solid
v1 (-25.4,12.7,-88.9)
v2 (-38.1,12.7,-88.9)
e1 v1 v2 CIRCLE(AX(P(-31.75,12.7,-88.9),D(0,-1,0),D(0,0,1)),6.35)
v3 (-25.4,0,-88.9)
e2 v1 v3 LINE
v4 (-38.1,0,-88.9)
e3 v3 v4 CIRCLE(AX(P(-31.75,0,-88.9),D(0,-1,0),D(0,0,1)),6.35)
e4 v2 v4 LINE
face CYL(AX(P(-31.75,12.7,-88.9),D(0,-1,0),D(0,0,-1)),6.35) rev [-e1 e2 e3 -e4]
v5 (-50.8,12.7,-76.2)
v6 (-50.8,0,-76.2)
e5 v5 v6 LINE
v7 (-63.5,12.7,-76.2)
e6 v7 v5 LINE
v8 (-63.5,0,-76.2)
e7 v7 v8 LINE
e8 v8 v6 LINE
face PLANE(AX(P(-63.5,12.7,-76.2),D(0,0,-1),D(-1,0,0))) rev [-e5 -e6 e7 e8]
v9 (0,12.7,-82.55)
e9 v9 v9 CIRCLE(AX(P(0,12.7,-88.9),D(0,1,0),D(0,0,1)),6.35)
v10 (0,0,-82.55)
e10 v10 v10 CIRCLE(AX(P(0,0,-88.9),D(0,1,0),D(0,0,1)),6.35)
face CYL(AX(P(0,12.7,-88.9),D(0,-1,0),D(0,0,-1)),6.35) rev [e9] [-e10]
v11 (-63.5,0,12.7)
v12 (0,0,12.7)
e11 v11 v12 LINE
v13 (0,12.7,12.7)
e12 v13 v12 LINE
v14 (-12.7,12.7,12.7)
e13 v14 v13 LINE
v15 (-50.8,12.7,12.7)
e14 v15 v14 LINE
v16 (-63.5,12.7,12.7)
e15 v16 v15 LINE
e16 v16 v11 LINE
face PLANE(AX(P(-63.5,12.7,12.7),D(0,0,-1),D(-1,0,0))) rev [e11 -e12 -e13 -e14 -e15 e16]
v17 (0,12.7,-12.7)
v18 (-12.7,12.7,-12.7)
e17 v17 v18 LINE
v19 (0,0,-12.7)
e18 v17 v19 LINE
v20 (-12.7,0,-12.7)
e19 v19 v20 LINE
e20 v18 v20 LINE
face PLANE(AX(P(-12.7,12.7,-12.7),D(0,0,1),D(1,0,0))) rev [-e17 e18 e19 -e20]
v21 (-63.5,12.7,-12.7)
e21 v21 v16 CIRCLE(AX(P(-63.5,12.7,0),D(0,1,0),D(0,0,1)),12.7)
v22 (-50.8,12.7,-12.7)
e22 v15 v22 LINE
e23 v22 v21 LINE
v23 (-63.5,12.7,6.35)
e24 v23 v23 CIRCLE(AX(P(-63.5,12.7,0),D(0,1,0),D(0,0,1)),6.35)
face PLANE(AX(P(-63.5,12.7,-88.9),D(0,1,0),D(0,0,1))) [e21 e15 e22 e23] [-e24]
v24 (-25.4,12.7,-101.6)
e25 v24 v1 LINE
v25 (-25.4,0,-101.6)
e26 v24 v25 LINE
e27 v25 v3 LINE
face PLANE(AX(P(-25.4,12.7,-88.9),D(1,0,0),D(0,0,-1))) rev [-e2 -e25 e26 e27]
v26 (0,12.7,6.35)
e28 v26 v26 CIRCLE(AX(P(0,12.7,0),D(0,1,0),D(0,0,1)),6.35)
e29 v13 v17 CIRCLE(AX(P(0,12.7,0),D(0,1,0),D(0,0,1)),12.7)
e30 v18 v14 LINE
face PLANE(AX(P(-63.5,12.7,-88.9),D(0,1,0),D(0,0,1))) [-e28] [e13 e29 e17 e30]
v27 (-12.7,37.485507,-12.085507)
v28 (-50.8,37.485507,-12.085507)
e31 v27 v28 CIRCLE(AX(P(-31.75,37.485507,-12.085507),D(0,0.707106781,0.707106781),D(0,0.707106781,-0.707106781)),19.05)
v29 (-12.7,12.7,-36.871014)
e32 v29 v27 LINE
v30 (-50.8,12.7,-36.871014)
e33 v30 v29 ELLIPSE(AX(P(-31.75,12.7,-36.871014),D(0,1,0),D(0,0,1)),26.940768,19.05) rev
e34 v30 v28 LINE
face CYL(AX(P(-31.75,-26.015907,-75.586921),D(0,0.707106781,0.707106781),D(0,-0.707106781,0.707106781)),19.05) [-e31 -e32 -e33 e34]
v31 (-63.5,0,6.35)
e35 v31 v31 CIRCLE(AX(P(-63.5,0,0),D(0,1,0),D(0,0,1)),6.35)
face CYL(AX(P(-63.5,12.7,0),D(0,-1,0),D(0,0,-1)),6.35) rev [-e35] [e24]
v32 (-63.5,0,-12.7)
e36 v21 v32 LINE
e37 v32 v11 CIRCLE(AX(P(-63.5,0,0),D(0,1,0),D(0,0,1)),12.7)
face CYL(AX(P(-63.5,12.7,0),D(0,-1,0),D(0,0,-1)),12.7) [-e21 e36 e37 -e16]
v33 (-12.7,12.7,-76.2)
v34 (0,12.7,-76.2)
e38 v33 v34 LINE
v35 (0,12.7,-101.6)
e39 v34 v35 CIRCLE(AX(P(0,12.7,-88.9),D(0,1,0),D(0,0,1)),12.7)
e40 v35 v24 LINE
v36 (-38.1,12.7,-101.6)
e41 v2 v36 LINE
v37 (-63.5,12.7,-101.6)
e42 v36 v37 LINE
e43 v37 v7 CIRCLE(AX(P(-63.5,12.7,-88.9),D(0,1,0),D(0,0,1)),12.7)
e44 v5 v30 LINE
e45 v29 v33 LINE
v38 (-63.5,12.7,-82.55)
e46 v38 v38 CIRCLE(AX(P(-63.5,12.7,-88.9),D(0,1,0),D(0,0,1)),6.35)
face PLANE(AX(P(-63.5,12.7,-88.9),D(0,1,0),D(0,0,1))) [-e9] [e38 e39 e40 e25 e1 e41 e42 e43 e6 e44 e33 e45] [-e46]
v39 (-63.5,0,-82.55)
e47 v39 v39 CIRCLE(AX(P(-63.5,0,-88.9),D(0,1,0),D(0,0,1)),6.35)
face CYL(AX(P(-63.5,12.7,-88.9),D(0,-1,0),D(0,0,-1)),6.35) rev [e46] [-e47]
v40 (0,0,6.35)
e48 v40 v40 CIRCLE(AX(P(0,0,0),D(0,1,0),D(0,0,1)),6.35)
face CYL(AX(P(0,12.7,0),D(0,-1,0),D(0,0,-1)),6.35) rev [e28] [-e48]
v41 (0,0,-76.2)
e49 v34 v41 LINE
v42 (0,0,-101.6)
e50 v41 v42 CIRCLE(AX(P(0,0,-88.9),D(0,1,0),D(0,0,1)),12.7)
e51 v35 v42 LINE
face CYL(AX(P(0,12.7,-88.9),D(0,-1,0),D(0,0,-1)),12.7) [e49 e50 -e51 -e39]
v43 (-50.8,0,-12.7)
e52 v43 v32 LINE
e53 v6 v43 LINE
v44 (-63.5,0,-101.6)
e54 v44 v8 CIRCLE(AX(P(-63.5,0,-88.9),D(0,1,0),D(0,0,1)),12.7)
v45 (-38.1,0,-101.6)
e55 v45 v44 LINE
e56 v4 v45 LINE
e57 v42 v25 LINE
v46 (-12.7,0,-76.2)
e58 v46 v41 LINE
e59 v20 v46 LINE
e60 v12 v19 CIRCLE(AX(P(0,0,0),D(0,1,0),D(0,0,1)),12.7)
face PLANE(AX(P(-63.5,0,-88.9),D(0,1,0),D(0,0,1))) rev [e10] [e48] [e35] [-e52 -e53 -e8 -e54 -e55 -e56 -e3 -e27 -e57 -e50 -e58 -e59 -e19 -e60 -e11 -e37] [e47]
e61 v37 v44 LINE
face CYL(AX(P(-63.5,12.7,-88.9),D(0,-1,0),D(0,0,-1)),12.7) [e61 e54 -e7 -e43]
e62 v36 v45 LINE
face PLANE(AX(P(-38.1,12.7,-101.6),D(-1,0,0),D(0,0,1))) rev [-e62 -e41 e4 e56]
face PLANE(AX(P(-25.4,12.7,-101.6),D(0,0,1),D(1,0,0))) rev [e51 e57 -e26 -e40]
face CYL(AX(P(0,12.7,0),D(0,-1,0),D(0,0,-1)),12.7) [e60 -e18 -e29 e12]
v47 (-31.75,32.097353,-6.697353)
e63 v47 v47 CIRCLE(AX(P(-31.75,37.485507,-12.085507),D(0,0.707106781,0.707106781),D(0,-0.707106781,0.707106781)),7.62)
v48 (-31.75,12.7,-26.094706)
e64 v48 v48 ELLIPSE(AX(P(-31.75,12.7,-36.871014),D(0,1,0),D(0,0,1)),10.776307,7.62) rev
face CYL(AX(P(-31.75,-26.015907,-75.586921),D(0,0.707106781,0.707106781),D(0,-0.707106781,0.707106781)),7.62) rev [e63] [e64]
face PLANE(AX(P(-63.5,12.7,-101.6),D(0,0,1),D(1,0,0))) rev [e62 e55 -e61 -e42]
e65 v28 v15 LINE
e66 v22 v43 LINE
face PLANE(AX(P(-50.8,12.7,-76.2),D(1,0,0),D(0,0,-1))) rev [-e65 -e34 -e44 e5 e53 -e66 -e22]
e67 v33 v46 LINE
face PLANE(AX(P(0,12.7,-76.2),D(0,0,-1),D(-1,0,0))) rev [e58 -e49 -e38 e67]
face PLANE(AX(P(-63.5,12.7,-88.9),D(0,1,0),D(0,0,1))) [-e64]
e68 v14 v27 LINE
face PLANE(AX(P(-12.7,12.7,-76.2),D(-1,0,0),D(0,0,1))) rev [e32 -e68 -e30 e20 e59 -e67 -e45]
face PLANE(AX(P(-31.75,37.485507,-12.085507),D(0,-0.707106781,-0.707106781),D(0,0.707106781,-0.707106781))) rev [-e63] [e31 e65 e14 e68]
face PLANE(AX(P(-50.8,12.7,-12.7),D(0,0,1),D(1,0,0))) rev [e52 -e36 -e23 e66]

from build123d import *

# Parameters (mm, degrees)
SKETCH2_R           = 6.35
BOSS_EXTRUDE1_DEPTH = 12.7
BOSS_EXTRUDE2_REACH = 91.803
SKETCH4_R           = 7.62


with BuildPart() as part:
    # Sketch2 → Boss-Extrude1 (new body)
    with BuildSketch(Plane(origin=(0, 0, 0), x_dir=(1, 0, 0), z_dir=(0, 1, 0))):
        with BuildLine():
            Line((-63.5, 101.6), (-38.1, 101.6))
            Line((-38.1, 101.6), (-38.1, 88.9))
            ThreePointArc((-38.1, 88.9), (-31.75, 82.55), (-25.4, 88.9))
            Line((-25.4, 88.9), (-25.4, 101.6))
            Line((-25.4, 101.6), (0, 101.6))
            ThreePointArc((0, 101.6), (12.7, 88.9), (0, 76.2))
            Line((0, 76.2), (-12.7, 76.2))
            Line((-12.7, 76.2), (-12.7, 12.7))
            Line((-12.7, 12.7), (0, 12.7))
            ThreePointArc((0, 12.7), (12.7, 0), (0, -12.7))
            Line((0, -12.7), (-63.5, -12.7))
            ThreePointArc((-63.5, -12.7), (-76.2, 0), (-63.5, 12.7))
            Line((-63.5, 12.7), (-50.8, 12.7))
            Line((-50.8, 12.7), (-50.8, 76.2))
            Line((-50.8, 76.2), (-63.5, 76.2))
            ThreePointArc((-63.5, 76.2), (-76.2, 88.9), (-63.5, 101.6))
        make_face()
        Circle(SKETCH2_R, mode=Mode.SUBTRACT)
        with Locations((0, 88.9)):
            Circle(SKETCH2_R, mode=Mode.SUBTRACT)
        with Locations((-63.5, 0)):
            Circle(SKETCH2_R, mode=Mode.SUBTRACT)
        with Locations((-63.5, 88.9)):
            Circle(SKETCH2_R, mode=Mode.SUBTRACT)
    extrude(amount=BOSS_EXTRUDE1_DEPTH)

    # Sketch4 → Boss-Extrude2 (add, up to next)
    with BuildSketch(Plane(origin=(0, 12.7, 12.7), x_dir=(1, 0, 0), z_dir=(0, 0.707106781, 0.707106781)), mode=Mode.PRIVATE) as boss_extrude2_sk1:
        with BuildLine():
            Line((-50.8, 0), (-50.8, 35.052))
            ThreePointArc((-50.8, 35.052), (-31.75, 54.102), (-12.7, 35.052))
            Line((-12.7, 35.052), (-12.7, 0))
            Line((-12.7, 0), (-50.8, 0))
        make_face()
        with Locations((-31.75, 35.052)):
            Circle(SKETCH4_R, mode=Mode.SUBTRACT)
    boss_extrude2_tool1 = extrude(boss_extrude2_sk1.sketch, amount=-BOSS_EXTRUDE2_REACH, mode=Mode.PRIVATE) - part.part
    add(boss_extrude2_tool1.solids().sort_by_distance((-31.75, 29.771946, -4.371946))[0])


solid = part.part
